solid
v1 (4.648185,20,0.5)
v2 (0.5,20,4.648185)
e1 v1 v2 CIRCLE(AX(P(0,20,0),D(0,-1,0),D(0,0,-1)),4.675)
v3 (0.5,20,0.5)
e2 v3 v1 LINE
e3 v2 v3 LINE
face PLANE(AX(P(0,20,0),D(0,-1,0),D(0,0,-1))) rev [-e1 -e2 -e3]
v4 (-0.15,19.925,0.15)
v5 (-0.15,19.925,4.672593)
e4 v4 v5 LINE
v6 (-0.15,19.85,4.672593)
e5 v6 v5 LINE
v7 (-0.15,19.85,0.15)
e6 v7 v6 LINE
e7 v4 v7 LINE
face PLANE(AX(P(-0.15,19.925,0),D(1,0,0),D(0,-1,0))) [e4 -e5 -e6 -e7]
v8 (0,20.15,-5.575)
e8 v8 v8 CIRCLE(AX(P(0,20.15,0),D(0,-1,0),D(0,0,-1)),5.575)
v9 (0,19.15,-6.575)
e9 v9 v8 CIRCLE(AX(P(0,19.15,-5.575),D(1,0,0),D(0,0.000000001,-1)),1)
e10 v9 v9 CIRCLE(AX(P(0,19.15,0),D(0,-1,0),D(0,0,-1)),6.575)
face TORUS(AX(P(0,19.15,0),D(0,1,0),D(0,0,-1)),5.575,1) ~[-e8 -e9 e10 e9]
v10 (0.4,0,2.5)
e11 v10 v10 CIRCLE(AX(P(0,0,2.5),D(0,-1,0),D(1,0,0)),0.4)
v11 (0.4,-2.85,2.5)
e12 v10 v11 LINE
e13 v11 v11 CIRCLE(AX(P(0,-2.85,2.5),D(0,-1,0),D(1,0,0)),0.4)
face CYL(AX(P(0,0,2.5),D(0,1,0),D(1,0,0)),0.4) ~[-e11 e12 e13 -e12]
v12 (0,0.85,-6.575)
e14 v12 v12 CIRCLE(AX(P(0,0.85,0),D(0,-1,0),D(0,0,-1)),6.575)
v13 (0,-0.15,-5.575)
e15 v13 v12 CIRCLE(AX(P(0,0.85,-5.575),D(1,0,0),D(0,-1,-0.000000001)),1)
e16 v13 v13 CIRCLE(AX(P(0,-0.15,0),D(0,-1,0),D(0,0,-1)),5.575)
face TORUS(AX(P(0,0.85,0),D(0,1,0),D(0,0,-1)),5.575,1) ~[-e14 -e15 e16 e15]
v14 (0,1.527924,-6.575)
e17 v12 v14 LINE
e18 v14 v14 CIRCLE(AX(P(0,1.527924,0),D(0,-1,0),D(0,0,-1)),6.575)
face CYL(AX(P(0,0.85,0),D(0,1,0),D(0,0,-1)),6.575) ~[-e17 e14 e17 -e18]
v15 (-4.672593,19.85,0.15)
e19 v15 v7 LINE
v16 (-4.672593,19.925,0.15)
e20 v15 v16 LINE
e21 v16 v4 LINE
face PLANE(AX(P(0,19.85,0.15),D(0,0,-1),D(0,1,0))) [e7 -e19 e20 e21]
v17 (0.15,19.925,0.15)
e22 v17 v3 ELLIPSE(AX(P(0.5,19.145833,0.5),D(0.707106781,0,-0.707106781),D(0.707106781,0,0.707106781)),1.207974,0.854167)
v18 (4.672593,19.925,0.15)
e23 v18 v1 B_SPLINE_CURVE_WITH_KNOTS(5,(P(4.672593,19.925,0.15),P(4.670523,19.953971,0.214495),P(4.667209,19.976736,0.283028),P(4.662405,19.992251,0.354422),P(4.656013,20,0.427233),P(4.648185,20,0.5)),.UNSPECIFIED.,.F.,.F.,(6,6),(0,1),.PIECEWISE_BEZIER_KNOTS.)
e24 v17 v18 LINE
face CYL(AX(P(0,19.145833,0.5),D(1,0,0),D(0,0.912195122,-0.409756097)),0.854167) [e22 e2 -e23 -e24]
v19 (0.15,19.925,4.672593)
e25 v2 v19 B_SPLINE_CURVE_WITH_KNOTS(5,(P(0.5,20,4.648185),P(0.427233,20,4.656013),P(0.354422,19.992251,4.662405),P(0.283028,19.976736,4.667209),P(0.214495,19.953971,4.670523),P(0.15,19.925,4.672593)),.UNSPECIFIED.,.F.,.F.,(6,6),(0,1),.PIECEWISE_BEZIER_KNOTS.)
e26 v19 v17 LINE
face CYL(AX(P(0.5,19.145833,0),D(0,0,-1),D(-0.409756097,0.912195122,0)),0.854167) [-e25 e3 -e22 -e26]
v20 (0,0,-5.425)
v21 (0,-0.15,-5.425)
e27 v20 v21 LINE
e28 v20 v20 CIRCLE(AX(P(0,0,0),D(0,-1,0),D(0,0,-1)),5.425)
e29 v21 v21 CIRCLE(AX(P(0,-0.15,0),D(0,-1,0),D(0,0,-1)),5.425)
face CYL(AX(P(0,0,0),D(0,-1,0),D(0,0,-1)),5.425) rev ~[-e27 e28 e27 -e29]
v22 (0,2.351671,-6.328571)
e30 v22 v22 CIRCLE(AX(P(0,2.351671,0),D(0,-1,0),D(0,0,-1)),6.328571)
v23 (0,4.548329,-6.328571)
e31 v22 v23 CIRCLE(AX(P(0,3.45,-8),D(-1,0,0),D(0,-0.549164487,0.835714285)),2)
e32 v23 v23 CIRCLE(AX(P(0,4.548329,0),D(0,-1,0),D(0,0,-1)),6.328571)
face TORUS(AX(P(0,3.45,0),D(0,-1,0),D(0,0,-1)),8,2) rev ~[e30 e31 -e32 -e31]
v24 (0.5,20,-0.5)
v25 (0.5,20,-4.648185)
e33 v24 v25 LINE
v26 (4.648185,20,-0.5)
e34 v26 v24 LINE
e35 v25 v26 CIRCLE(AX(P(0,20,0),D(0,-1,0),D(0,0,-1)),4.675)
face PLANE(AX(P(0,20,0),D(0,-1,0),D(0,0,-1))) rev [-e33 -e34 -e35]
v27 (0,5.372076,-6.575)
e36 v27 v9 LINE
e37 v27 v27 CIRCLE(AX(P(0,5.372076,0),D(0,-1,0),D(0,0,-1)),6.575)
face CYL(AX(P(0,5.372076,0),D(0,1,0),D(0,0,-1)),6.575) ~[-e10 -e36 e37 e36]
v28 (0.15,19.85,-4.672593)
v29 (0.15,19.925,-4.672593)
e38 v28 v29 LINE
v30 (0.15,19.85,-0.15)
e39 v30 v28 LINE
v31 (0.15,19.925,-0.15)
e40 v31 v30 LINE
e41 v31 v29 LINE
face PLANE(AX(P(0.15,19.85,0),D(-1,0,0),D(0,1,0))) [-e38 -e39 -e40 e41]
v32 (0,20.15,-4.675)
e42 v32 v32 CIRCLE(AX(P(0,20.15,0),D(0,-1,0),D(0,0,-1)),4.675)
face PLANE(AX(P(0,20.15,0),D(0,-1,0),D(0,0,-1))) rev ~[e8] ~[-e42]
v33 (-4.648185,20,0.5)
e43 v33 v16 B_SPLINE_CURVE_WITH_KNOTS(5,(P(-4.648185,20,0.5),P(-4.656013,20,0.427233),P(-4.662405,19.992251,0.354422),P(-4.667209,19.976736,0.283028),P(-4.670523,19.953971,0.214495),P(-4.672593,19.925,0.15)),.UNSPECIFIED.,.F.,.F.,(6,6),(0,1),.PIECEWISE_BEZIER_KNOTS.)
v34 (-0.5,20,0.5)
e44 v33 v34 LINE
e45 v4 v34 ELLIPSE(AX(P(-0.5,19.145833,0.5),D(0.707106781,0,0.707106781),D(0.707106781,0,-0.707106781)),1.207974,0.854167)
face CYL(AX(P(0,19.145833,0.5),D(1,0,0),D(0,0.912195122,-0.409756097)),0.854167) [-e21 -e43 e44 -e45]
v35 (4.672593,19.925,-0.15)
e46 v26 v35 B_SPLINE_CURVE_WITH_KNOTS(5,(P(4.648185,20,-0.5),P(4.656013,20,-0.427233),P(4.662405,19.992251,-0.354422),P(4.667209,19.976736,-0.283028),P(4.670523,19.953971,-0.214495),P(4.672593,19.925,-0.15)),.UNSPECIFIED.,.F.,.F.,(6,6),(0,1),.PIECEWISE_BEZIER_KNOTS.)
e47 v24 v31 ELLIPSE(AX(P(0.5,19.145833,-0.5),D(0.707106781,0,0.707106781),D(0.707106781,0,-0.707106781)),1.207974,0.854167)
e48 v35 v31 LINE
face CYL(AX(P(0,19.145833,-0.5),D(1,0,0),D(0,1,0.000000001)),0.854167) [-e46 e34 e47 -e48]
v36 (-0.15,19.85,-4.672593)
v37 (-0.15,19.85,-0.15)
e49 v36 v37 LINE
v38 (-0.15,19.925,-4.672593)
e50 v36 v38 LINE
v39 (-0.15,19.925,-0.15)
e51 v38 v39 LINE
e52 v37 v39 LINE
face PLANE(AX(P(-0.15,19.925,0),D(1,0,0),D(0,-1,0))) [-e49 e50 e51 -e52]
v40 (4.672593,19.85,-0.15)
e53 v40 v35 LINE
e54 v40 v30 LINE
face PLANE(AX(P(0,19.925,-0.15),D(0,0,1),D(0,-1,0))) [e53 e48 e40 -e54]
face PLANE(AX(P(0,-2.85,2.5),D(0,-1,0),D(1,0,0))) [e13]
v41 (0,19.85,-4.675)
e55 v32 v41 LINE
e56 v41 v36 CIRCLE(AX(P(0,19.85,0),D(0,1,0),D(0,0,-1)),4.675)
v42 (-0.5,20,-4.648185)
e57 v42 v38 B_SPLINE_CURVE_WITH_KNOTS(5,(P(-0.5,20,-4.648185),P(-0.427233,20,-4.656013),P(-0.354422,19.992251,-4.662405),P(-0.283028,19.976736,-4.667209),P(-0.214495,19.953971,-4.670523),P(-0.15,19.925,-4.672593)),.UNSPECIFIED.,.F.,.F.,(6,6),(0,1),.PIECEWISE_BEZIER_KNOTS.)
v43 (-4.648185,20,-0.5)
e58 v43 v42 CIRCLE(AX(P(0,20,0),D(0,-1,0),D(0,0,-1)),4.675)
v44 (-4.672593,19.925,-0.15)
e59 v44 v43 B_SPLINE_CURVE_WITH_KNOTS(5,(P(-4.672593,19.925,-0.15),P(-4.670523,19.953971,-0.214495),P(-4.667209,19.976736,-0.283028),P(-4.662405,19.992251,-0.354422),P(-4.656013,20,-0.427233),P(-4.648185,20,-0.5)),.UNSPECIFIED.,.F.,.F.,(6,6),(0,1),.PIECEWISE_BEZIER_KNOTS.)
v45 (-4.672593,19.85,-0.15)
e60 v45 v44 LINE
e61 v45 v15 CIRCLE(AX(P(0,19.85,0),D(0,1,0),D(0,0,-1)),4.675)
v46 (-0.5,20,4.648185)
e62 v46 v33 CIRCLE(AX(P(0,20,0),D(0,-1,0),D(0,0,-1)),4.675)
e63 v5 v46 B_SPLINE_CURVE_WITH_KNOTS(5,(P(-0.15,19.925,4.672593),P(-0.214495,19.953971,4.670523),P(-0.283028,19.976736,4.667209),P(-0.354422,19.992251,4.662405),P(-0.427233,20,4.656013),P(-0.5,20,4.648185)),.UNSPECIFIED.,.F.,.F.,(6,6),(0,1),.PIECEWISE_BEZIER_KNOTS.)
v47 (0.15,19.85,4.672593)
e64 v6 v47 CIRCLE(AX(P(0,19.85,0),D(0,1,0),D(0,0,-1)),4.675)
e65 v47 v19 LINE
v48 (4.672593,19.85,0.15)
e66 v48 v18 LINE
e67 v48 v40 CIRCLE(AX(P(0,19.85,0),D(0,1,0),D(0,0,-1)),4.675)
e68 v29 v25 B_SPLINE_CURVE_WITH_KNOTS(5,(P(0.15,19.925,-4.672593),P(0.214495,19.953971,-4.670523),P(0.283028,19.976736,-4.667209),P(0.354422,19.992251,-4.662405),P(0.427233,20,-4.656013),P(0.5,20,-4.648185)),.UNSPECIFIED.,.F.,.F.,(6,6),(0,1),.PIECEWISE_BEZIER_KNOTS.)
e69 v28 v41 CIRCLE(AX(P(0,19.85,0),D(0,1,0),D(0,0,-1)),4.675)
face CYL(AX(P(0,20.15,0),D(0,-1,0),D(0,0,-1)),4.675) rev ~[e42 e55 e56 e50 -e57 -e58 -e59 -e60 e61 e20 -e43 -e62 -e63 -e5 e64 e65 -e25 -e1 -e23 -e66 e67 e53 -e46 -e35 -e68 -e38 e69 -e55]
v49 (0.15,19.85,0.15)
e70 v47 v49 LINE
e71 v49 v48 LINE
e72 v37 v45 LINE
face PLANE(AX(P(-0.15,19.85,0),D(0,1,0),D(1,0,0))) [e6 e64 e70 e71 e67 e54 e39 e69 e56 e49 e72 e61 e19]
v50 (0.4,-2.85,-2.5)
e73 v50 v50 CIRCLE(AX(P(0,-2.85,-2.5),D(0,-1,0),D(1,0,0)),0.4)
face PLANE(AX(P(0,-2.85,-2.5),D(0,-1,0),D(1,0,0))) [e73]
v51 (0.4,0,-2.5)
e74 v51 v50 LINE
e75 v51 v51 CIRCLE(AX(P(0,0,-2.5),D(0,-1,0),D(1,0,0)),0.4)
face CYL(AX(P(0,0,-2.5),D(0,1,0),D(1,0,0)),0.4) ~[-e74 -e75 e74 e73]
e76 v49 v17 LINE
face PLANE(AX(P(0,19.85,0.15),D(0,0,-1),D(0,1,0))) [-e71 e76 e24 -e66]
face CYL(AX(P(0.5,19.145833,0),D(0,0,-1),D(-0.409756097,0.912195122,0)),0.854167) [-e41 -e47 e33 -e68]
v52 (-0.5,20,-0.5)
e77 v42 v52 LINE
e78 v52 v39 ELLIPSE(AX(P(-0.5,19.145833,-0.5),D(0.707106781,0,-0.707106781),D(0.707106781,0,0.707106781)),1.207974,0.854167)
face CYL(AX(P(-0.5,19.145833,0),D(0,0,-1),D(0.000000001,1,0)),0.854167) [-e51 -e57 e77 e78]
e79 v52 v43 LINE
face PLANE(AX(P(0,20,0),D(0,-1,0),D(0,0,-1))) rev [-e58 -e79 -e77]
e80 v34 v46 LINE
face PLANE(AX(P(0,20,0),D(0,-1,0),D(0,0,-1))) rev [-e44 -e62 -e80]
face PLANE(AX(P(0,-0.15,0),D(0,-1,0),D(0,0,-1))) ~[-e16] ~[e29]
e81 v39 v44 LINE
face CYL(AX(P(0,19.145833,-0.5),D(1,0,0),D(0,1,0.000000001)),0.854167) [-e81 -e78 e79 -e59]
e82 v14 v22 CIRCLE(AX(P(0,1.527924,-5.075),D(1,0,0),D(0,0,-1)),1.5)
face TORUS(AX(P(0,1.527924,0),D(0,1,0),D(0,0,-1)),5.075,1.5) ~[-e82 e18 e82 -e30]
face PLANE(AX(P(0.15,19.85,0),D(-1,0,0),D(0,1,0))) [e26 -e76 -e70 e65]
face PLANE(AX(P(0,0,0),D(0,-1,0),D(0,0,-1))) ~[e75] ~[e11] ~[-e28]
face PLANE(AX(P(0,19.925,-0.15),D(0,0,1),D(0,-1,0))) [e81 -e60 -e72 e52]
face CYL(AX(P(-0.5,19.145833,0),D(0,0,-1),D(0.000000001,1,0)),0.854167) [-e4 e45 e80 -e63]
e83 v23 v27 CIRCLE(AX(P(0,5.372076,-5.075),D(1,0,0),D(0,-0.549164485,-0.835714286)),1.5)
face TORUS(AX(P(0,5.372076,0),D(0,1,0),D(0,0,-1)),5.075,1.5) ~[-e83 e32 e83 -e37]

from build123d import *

# Parameters (mm, degrees)
SKETCH1_W           = 4.675
SKETCH1_H           = 1
CUT_EXTRUDE1_DEPTH  = 5.675
CIRPATTERN1_COUNT   = 2
CIRPATTERN1_ANGLE   = 90
SKETCH5_R           = 0.4
BOSS_EXTRUDE1_DEPTH = 2.85


with BuildPart() as part:
    # Sketch1 → Revolve1 (revolve)
    with BuildSketch(Plane(origin=(0, 0, 0), x_dir=(0, 0, -1), z_dir=(1, 0, 0))):
        with Locations((2.3375, 19.5)):
            Rectangle(SKETCH1_W, SKETCH1_H)
    revolve(axis=Axis((0, 33.37320456, 0), (0, -1, 0)))

    # Sketch2 → Cut-Extrude1 (cut, symmetric)
    with BuildSketch(Plane(origin=(0, 0, 0), x_dir=(0, 0, -1), z_dir=(1, 0, 0))):
        with BuildLine():
            Line((-0.5, 20), (0.5, 20))
            ThreePointArc((0.5, 20), (0.321027237, 19.981039562), (0.15, 19.925))
            Line((0.15, 19.925), (0.15, 19.85))
            Line((0.15, 19.85), (-0.15, 19.85))
            Line((-0.15, 19.85), (-0.15, 19.925))
            ThreePointArc((-0.15, 19.925), (-0.321027237, 19.981039562), (-0.5, 20))
        make_face()
    cut_extrude1 = extrude(amount=CUT_EXTRUDE1_DEPTH, both=True, mode=Mode.SUBTRACT)

    # CirPattern1: Cut-Extrude1 ×2 about axis
    cirpattern1_axis = Axis((0, 33.37320456, 0), (0, 1, 0))
    for i in range(1, CIRPATTERN1_COUNT):
        add(cut_extrude1.rotate(cirpattern1_axis, i * CIRPATTERN1_ANGLE / (CIRPATTERN1_COUNT - 1)), mode=Mode.SUBTRACT)

    # Sketch1<3> → Revolve2 (revolve)
    with BuildSketch(Plane(origin=(0, 0, 0), x_dir=(0, 0, -1), z_dir=(1, 0, 0))):
        with BuildLine():
            Line((4.675, 20.15), (4.675, 20))
            Line((4.675, 20), (4.675, 19))
            Line((4.675, 19), (0, 19))
            Line((0, 19), (0, 0))
            Line((0, 0), (5.425, 0))
            Line((5.425, 0), (5.425, -0.15))
            Line((5.425, -0.15), (5.575, -0.15))
            ThreePointArc((5.575, -0.15), (6.282106781, 0.142893219), (6.575, 0.85))
            Line((6.575, 0.85), (6.575, 1.527924299))
            ThreePointArc((6.575, 1.527924299), (6.512072918, 1.957832927), (6.328571429, 2.351671028))
            ThreePointArc((6.328571429, 2.351671028), (6, 3.45), (6.328571429, 4.548328972))
            ThreePointArc((6.328571429, 4.548328972), (6.512072918, 4.942167073), (6.575, 5.372075701))
            Line((6.575, 5.372075701), (6.575, 19.15))
            ThreePointArc((6.575, 19.15), (6.282106781, 19.857106781), (5.575, 20.15))
            Line((5.575, 20.15), (4.675, 20.15))
        make_face()
    revolve(axis=Axis((0, 33.37320456, 0), (0, -1, 0)))

    # Sketch5 → Boss-Extrude1 (add)
    with BuildSketch(Plane.XZ):
        with Locations((0, 2.5)):
            Circle(SKETCH5_R)
        with Locations((0, -2.5)):
            Circle(SKETCH5_R)
    extrude(amount=BOSS_EXTRUDE1_DEPTH)


solid = part.part
